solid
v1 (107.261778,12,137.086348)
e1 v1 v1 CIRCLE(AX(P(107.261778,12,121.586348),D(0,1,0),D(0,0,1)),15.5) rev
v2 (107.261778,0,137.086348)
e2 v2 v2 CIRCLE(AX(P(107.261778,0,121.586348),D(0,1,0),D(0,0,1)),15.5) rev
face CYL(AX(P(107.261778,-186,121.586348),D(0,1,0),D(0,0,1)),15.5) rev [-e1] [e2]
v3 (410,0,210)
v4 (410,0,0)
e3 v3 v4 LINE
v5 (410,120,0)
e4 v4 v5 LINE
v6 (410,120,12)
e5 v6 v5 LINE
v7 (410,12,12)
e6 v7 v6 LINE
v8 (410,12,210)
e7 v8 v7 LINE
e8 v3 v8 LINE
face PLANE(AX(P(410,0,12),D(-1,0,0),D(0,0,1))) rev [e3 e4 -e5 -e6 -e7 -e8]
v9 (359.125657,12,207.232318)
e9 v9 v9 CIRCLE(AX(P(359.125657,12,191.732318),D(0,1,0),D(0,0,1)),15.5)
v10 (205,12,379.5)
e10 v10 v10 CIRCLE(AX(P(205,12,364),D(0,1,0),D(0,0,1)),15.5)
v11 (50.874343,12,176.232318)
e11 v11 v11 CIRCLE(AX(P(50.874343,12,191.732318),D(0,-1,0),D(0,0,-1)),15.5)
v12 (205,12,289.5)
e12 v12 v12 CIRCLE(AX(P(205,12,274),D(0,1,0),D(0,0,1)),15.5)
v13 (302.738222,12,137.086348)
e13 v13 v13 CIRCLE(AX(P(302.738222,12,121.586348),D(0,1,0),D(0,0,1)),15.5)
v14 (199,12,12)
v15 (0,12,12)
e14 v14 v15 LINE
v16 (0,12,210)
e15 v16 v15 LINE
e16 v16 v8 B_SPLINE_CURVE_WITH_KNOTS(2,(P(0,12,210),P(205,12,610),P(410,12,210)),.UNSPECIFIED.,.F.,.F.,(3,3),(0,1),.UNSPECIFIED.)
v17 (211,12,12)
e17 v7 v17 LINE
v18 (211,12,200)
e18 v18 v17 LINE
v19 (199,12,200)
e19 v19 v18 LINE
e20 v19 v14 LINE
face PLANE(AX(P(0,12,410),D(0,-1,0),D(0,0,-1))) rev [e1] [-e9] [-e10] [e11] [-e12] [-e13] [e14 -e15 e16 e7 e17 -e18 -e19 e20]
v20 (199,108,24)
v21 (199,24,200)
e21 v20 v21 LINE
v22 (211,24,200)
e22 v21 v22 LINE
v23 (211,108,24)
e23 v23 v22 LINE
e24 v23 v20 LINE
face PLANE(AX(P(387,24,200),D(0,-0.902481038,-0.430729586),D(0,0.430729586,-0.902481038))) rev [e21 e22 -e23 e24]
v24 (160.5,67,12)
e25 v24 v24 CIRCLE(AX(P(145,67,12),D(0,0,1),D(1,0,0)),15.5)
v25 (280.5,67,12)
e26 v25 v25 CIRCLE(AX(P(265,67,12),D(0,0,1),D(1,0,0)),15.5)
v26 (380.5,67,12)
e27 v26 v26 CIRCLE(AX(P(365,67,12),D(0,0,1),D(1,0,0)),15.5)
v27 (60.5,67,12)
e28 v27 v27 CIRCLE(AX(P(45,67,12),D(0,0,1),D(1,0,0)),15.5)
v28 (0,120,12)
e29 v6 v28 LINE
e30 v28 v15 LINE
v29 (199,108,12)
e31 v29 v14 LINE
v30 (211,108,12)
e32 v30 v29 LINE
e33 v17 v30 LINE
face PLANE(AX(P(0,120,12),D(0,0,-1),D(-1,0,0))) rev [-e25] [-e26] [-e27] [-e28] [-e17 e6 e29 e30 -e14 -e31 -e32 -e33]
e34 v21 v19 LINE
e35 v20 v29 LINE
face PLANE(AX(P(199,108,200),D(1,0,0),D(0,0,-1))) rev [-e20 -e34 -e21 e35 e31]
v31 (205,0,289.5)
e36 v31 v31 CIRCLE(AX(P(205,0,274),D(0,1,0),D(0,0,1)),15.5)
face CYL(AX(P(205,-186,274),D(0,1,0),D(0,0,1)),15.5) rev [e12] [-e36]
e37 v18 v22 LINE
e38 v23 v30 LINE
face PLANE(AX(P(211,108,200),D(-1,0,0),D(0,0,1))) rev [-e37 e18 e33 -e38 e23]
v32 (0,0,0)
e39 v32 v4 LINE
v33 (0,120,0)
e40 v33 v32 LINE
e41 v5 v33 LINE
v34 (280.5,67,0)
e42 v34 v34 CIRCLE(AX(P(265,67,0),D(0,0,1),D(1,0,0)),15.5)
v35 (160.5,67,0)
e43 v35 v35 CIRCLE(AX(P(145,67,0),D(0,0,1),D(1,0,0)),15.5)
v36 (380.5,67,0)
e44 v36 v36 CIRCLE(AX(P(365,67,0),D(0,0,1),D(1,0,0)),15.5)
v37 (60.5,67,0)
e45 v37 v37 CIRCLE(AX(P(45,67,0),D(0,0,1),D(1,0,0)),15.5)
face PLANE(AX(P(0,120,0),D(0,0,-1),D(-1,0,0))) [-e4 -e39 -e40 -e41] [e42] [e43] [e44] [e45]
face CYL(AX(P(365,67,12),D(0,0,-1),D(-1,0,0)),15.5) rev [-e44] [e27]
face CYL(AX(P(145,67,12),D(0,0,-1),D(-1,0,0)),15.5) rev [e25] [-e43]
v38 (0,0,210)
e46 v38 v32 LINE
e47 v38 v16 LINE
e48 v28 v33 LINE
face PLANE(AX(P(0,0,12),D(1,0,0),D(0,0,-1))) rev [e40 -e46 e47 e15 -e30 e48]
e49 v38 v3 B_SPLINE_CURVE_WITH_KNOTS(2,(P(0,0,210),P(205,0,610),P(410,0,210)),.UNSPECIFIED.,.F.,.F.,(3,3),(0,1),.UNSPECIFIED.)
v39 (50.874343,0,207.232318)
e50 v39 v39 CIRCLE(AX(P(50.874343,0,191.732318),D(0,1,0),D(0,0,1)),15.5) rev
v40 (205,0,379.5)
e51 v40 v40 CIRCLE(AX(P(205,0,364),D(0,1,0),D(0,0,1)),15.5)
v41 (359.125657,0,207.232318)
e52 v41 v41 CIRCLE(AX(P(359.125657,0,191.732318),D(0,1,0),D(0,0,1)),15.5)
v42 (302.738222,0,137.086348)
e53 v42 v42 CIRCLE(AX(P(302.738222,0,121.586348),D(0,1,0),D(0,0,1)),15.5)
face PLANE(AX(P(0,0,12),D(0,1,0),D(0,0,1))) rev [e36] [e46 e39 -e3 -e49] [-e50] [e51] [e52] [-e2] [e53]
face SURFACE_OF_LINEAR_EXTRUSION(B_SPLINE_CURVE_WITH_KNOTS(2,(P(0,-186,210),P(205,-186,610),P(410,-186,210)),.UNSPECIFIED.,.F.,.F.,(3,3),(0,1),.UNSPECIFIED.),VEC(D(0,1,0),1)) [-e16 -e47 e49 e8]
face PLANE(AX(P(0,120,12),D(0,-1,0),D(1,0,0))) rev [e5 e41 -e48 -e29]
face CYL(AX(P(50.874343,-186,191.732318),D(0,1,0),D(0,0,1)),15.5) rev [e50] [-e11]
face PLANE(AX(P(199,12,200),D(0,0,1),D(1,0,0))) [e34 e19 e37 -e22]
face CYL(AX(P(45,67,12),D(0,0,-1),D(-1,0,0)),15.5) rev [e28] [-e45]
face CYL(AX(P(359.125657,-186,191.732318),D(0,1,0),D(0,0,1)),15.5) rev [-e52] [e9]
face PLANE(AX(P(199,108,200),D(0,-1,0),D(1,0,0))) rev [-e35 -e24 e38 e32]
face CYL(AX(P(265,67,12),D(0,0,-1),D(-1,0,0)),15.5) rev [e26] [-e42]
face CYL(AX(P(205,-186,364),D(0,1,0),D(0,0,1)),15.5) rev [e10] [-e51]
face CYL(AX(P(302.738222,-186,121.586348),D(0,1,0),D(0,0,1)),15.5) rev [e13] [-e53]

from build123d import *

# Parameters (mm, degrees)
SKETCH1_W      = 410
SKETCH1_H      = 120
SKETCH1_R      = 15.5
EXTRUDE1_DEPTH = 12
SKETCH2_W      = 410
SKETCH2_H      = 12
EXTRUDE2_DEPTH = 398
SKETCH3_R      = 15.5
EXTRUDE3_DEPTH = 198
SKETCH4_W      = 12
SKETCH4_H      = 96
EXTRUDE4_DEPTH = 188
EXTRUDE5_DEPTH = 188


with BuildPart() as part:
    # Sketch1 → Extrude1 (new body)
    with BuildSketch(Plane.XY):
        with Locations((205, 60)):
            Rectangle(SKETCH1_W, SKETCH1_H)
        with Locations((45, 67)):
            Circle(SKETCH1_R, mode=Mode.SUBTRACT)
        with Locations((145, 67)):
            Circle(SKETCH1_R, mode=Mode.SUBTRACT)
        with Locations((365, 67)):
            Circle(SKETCH1_R, mode=Mode.SUBTRACT)
        with Locations((265, 67)):
            Circle(SKETCH1_R, mode=Mode.SUBTRACT)
    extrude(amount=EXTRUDE1_DEPTH)

    # Sketch2 → Extrude2 (add)
    with BuildSketch(Plane.XY.offset(12)):
        with Locations((205, 6)):
            Rectangle(SKETCH2_W, SKETCH2_H)
    extrude(amount=EXTRUDE2_DEPTH)

    # Sketch3 → Extrude3 (cut)
    with BuildSketch(Plane(origin=(0, 12, 0), x_dir=(1, 0, 0), z_dir=(0, 1, 0))):
        with BuildLine():
            add(Edge.make_bspline(
                [(205, -410), (307.5, -410), (410, -210)],
                knots=[0.5, 0.5, 0.5, 1, 1, 1], degree=2))
            Line((205, -410), (410, -410))
            Line((410, -410), (410, -210))
        make_face()
        with BuildLine():
            add(Edge.make_bspline(
                [(0, -210), (102.5, -410), (205, -410)],
                knots=[0, 0, 0, 0.5, 0.5, 0.5], degree=2))
            Line((0, -210), (0, -410))
            Line((0, -410), (205, -410))
        make_face()
        with Locations(Location((107.261778202, -121.586347917, 0), (0, 0, 270))):
            Circle(SKETCH3_R)
        with Locations(Location((205, -364, 0), (0, 0, 270))):
            Circle(SKETCH3_R)
        with Locations(Location((50.874342549, -191.732317869, 0), (0, 0, 270))):
            Circle(SKETCH3_R)
        with Locations(Location((205, -274, 0), (0, 0, 270))):
            Circle(SKETCH3_R)
        with Locations(Location((359.125657451, -191.732317869, 0), (0, 0, 270))):
            Circle(SKETCH3_R)
        with Locations(Location((302.738221798, -121.586347917, 0), (0, 0, 270))):
            Circle(SKETCH3_R)
    extrude(amount=-EXTRUDE3_DEPTH, mode=Mode.SUBTRACT)

    # Sketch4 → Extrude4 (add)
    with BuildSketch(Plane.XY.offset(12)):
        with Locations((205, 60)):
            Rectangle(SKETCH4_W, SKETCH4_H)
    extrude(amount=EXTRUDE4_DEPTH)

    # Sketch5 → Extrude5 (cut)
    with BuildSketch(Plane.ZY.offset(-199)):
        Polygon((200, 108), (200, 24), (24, 108), align=None)
    extrude(amount=-EXTRUDE5_DEPTH, mode=Mode.SUBTRACT)


solid = part.part
